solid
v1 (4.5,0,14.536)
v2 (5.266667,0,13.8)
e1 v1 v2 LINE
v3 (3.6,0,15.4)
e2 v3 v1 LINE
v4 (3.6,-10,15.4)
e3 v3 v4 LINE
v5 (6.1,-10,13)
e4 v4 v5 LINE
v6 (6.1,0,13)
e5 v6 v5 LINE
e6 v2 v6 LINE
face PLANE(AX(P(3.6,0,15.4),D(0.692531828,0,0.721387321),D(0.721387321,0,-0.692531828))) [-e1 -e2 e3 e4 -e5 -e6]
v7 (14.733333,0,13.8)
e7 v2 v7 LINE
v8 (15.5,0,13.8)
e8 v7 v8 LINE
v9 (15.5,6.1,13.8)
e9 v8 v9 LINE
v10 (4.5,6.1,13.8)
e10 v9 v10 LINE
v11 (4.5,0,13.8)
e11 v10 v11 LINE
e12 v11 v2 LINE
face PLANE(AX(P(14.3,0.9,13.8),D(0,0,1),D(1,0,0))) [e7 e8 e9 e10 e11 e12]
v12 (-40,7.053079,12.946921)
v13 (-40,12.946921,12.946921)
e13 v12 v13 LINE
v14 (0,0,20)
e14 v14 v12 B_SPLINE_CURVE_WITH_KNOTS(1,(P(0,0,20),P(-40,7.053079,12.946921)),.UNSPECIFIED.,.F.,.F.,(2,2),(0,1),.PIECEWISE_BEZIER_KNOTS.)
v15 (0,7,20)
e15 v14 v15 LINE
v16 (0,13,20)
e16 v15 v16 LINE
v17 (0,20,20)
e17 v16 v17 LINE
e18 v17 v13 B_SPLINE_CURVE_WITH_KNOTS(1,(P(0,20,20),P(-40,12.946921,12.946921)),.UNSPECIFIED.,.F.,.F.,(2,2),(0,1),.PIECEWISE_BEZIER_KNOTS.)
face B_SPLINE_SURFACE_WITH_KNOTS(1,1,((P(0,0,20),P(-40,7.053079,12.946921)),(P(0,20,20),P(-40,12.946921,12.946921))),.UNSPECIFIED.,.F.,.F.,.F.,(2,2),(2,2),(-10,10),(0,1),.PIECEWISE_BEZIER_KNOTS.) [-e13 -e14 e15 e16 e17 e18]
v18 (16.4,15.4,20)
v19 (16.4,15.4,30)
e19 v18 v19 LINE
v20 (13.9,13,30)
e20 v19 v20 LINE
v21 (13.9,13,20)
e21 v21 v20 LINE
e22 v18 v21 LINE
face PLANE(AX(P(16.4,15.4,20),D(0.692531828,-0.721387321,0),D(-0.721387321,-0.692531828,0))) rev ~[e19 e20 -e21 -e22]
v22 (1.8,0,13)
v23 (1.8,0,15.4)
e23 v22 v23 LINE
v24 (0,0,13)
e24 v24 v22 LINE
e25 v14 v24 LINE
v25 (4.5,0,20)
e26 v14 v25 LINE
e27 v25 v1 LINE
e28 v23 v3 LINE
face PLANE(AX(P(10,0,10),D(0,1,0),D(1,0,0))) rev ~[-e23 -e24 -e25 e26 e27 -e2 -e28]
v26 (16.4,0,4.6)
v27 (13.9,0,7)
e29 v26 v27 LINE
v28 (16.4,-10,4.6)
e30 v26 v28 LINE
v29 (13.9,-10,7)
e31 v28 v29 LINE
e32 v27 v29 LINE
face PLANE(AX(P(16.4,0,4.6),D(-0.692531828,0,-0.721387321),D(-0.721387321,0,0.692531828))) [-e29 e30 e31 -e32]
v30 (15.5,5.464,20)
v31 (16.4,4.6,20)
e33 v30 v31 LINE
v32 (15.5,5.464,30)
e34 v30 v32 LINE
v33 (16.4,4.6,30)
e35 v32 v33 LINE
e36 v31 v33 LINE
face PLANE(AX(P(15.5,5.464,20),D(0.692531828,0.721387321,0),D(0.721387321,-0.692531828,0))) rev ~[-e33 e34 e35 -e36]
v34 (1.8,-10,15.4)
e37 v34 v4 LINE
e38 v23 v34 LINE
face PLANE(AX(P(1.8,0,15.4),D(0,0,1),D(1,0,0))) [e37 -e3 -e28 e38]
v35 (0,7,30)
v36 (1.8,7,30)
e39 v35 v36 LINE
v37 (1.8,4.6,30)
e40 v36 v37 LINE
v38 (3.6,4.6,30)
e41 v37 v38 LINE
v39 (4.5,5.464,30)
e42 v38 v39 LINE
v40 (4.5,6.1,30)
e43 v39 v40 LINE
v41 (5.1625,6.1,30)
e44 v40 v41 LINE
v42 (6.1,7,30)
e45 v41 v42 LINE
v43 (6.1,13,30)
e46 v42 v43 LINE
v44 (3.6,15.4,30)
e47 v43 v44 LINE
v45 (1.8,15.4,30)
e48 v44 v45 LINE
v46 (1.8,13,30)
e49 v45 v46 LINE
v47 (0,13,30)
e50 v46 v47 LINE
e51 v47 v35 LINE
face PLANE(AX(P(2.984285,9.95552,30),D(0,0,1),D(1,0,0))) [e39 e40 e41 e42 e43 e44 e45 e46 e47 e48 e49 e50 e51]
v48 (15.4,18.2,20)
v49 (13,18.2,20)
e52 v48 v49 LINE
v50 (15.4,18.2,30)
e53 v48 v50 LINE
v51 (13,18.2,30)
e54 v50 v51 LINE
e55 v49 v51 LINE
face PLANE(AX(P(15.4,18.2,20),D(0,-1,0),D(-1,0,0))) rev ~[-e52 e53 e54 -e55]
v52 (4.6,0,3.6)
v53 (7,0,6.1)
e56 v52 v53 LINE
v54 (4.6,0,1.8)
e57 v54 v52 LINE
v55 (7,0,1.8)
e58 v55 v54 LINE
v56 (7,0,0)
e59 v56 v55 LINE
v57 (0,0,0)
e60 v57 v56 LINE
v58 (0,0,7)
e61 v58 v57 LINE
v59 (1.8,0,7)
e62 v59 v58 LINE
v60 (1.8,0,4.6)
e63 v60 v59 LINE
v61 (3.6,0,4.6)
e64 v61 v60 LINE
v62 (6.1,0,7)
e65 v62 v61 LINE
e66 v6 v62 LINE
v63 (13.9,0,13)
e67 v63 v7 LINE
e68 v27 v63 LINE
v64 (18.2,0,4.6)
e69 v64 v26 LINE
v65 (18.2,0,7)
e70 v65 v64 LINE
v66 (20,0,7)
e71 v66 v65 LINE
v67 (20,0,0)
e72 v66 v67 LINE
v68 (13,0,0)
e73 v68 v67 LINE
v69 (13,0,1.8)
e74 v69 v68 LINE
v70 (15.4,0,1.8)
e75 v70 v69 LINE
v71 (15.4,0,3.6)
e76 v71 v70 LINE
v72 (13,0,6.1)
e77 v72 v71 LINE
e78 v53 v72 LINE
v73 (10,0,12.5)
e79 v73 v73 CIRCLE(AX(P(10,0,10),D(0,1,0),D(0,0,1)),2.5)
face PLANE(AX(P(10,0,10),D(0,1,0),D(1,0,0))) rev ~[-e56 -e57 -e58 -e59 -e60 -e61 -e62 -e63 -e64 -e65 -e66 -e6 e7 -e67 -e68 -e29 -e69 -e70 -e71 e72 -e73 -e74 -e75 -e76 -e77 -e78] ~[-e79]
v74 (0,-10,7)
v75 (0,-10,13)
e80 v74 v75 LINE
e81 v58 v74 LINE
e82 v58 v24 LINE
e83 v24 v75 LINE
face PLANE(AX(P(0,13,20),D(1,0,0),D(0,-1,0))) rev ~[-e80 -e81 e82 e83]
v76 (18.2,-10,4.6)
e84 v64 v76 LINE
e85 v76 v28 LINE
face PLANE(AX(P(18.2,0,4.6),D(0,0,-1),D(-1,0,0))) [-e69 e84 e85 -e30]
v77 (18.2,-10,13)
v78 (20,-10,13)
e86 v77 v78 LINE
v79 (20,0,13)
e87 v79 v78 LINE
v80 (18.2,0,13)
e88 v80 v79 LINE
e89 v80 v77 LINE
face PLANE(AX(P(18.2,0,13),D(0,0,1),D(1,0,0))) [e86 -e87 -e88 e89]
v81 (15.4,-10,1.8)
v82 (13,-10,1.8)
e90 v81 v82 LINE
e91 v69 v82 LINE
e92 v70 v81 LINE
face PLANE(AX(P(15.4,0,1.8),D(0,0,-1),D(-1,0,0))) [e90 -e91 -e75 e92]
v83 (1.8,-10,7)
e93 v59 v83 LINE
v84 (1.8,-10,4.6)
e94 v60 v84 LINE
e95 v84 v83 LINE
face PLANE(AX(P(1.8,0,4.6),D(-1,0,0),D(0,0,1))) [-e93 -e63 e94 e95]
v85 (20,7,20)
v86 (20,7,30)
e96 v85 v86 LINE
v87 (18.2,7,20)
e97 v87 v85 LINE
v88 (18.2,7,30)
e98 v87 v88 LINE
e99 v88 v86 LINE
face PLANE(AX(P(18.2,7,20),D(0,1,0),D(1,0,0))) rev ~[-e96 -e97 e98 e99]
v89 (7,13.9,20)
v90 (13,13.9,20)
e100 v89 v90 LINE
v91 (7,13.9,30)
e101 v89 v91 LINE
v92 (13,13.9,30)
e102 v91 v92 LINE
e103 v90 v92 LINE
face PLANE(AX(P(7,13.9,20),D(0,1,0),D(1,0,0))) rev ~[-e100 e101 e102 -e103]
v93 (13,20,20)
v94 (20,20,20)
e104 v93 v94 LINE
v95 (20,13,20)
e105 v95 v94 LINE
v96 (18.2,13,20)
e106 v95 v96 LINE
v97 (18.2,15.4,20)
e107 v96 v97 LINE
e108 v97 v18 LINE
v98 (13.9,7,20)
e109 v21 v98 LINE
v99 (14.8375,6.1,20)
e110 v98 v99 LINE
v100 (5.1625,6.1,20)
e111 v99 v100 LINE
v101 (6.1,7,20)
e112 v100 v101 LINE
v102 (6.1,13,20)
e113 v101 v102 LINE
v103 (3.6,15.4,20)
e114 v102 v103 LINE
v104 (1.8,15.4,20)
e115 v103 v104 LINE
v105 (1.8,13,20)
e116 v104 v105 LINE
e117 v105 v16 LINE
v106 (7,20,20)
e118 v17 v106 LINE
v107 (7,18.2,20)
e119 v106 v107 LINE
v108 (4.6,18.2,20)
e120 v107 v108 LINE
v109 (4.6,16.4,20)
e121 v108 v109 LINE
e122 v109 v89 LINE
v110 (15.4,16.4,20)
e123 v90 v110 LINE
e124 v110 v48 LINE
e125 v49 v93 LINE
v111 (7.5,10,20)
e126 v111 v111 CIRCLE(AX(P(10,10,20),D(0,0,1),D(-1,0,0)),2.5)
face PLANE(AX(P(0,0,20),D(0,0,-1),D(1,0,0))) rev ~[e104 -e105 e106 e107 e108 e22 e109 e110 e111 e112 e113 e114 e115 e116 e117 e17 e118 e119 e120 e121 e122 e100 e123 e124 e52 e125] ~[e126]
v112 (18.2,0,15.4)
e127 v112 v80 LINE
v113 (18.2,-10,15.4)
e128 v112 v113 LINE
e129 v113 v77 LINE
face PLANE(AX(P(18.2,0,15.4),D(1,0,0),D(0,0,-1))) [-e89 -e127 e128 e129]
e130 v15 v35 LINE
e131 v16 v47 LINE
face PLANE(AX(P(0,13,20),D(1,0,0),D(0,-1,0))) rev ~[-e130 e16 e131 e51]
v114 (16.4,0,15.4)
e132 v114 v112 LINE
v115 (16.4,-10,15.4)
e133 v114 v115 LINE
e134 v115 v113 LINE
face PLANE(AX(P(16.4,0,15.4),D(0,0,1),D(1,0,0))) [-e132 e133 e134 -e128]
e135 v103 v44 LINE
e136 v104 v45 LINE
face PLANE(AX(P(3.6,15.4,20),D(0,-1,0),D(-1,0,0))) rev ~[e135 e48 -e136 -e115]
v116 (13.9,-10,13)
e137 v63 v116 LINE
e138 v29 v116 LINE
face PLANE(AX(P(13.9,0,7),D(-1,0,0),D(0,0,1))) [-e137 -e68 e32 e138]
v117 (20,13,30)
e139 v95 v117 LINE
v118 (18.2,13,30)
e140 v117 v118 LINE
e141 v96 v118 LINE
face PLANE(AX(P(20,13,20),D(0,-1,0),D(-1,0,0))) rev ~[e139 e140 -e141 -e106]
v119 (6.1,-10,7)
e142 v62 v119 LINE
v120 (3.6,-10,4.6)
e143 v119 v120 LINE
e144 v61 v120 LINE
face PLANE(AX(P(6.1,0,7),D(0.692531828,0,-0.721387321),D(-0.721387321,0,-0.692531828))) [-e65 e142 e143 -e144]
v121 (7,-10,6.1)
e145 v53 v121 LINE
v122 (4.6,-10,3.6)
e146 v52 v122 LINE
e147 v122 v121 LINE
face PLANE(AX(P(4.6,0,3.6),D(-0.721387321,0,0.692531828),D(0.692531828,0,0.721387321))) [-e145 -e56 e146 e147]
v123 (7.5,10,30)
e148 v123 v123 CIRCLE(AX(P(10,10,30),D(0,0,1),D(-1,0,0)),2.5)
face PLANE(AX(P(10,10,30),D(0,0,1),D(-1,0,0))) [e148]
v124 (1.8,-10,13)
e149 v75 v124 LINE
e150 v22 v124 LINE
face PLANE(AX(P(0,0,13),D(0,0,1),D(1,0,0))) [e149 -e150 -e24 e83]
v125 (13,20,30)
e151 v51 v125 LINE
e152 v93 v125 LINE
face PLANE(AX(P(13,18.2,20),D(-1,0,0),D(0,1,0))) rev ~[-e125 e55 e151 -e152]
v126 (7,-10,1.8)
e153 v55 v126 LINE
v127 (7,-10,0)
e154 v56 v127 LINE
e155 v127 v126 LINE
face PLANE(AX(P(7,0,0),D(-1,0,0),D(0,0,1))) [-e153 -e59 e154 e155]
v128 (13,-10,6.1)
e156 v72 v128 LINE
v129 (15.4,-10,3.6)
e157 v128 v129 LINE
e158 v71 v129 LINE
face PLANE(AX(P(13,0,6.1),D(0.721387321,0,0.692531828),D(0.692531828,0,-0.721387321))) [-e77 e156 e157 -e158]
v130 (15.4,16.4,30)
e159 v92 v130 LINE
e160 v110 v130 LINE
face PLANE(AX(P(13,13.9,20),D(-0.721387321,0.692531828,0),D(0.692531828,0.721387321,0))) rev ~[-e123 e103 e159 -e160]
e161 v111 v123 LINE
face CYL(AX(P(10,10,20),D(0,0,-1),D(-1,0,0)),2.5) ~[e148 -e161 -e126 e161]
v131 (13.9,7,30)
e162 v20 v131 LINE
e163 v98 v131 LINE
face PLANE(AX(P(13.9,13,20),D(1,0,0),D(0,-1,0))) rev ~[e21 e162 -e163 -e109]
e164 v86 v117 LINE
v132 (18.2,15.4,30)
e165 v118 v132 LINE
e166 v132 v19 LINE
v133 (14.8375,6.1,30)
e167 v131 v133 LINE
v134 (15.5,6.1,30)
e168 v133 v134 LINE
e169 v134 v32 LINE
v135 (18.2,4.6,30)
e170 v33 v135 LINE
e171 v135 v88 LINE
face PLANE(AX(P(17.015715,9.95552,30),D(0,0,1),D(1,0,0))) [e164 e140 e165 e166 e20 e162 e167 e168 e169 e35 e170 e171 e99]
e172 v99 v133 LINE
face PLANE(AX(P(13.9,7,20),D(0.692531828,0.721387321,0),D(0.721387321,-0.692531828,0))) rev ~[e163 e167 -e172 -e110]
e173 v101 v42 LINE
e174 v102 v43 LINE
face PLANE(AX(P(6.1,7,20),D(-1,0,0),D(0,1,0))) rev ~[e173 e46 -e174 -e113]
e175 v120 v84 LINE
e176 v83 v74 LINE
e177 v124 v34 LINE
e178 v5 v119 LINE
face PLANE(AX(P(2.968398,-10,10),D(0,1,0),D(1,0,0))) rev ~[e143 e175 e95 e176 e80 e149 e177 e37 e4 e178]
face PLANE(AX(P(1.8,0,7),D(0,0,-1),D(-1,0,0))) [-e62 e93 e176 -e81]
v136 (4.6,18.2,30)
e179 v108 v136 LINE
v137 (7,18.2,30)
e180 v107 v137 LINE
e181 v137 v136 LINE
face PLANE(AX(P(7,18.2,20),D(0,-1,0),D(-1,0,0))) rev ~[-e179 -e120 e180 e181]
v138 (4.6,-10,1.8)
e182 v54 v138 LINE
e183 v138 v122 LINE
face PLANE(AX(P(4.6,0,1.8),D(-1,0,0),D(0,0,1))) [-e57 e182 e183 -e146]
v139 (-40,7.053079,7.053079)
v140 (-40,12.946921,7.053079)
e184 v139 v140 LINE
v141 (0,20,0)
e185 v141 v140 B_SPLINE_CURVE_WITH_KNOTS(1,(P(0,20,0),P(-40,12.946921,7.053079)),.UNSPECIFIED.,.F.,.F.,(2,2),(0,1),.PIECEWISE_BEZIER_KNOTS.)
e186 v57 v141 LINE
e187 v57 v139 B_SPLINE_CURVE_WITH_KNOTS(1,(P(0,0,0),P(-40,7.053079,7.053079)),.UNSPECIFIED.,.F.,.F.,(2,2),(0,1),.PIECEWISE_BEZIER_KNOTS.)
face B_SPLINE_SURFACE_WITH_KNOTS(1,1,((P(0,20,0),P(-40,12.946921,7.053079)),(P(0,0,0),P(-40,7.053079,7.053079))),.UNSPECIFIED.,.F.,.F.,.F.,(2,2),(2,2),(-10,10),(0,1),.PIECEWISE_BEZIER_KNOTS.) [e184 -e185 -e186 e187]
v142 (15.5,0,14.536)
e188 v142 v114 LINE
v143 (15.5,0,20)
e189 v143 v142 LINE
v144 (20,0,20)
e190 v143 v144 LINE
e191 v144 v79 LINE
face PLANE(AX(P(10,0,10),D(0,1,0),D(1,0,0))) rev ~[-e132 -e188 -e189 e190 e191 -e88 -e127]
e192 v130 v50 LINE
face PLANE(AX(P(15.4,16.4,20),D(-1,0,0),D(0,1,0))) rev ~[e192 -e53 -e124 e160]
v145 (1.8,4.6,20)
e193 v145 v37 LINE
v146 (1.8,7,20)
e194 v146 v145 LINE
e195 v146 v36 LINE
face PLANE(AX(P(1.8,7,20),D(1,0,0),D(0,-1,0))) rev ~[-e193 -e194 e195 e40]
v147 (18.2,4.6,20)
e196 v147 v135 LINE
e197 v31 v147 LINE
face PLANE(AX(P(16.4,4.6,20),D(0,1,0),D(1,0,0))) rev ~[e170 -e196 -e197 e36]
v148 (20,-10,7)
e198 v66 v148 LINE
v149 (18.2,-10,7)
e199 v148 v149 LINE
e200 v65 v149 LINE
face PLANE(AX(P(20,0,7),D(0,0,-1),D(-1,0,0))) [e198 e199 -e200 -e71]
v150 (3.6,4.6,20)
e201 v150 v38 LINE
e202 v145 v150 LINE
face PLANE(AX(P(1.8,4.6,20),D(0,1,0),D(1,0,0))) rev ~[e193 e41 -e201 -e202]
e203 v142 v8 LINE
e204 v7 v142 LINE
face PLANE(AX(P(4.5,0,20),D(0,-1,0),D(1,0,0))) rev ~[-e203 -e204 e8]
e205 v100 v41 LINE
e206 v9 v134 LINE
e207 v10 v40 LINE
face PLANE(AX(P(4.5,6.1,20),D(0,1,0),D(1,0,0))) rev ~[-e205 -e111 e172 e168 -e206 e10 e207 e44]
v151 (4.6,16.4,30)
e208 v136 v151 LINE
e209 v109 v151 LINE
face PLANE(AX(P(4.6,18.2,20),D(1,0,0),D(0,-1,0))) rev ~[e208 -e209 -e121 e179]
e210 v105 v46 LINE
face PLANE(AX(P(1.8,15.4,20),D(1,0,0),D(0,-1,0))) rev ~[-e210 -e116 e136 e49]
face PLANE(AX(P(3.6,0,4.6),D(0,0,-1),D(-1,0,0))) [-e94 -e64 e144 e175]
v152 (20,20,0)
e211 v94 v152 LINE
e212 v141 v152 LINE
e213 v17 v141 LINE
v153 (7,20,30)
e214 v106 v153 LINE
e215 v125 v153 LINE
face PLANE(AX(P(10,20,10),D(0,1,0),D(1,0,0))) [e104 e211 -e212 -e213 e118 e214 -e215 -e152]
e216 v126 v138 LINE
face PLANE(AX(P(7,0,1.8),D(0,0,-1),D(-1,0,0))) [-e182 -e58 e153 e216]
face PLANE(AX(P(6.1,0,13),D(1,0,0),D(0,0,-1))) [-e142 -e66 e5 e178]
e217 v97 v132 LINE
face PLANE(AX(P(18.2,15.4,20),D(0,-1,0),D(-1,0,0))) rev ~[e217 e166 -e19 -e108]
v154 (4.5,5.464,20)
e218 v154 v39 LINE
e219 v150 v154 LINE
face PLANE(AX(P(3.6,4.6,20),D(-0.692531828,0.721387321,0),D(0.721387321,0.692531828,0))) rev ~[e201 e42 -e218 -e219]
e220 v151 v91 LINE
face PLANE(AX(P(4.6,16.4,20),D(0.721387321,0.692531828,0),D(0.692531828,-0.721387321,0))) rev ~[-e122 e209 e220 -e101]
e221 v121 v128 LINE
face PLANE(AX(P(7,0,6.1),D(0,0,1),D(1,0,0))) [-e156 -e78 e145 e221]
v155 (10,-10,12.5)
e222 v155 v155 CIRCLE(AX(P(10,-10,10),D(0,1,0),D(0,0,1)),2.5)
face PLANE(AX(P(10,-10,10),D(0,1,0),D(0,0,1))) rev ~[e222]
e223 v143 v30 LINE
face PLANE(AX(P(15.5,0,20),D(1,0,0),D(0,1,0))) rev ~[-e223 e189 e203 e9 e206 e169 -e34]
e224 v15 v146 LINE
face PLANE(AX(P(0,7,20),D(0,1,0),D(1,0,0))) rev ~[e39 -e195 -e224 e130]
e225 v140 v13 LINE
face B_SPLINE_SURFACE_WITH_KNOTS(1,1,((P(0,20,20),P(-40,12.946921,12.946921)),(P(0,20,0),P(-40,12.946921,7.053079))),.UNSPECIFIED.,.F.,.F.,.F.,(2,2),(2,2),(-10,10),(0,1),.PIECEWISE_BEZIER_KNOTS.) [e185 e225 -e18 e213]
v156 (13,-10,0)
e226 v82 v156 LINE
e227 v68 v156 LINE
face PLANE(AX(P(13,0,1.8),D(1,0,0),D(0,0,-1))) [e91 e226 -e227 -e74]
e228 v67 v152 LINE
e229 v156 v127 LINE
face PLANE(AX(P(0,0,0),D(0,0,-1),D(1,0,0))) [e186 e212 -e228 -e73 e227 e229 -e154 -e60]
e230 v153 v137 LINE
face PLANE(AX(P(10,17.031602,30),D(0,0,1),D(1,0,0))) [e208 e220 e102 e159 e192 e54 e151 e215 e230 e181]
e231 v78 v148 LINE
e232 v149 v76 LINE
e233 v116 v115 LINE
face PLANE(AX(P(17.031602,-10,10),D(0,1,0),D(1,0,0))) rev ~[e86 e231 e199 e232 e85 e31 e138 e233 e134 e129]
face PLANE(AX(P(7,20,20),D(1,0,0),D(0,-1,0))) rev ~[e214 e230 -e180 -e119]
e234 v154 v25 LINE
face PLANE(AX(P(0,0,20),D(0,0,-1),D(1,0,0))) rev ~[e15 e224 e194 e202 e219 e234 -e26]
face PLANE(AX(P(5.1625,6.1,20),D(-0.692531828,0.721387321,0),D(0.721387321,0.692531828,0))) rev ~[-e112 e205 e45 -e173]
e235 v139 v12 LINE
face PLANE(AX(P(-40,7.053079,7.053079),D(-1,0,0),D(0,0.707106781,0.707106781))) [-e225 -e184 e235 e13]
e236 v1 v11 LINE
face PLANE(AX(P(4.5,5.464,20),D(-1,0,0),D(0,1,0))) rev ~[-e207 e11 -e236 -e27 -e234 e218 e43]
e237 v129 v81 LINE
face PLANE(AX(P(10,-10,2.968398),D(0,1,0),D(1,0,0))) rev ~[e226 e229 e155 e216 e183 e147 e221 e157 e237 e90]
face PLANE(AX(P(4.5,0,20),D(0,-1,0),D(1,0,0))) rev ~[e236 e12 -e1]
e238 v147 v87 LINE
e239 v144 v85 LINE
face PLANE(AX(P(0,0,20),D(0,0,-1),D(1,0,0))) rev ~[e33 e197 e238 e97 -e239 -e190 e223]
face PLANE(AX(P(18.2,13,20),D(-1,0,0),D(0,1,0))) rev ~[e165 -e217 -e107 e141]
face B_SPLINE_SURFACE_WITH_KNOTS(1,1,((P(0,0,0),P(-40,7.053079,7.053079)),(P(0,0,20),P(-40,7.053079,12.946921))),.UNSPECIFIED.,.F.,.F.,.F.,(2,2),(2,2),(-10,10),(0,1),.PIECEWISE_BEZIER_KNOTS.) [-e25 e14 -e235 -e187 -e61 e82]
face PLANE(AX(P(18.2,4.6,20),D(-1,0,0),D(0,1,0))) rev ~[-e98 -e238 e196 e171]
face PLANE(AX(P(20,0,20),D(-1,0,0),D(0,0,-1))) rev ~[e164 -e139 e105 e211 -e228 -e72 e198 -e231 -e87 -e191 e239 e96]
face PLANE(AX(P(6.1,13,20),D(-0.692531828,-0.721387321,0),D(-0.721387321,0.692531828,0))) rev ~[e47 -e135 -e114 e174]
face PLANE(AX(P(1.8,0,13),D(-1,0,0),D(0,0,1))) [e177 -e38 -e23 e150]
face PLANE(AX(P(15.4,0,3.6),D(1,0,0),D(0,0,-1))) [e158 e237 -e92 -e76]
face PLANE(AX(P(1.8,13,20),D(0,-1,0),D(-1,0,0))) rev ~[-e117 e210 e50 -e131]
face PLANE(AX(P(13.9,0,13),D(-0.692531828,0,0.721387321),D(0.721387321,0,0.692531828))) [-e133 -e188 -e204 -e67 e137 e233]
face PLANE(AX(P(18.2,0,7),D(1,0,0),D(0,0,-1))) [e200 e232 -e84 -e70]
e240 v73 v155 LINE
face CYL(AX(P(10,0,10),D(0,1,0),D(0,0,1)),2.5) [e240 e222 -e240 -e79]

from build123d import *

# Parameters (mm, degrees)
SKETCH1_W           = 20
SKETCH1_H           = 20
BOSS_EXTRUDE1_DEPTH = 20
SKETCH1_4_R         = 2.5
BOSS_EXTRUDE3_DEPTH = 10
SKETCH5_W           = 2.4
SKETCH5_H           = 1.8
CUT_EXTRUDE1_DEPTH  = 6.2
SKETCH8_R           = 2.5
BOSS_EXTRUDE4_DEPTH = 10
SKETCH10_W          = 20
SKETCH10_H          = 20
BOSS_EXTRUDE5_DEPTH = 40
BOSS_EXTRUDE5_TAPER = 10


with BuildPart() as part:
    # Sketch1 → Boss-Extrude1 (new body)
    with BuildSketch(Plane(origin=(0, 0, 0), x_dir=(1, 0, 0), z_dir=(0, 1, 0))):
        with Locations((10, -10)):
            Rectangle(SKETCH1_W, SKETCH1_H)
    extrude(amount=BOSS_EXTRUDE1_DEPTH)

    # Sketch1<4> → Boss-Extrude3 (add)
    with BuildSketch(Plane(origin=(0, 0, 0), x_dir=(1, 0, 0), z_dir=(0, 1, 0))):
        Polygon((13, 0), (7, 0), (7, -1.8), (4.6, -1.8), (4.6, -3.6), (7, -6.1), (13, -6.1), (15.4, -3.6), (15.4, -1.8), (13, -1.8), align=None)
        Polygon((0, -7), (0, -13), (1.8, -13), (1.8, -15.4), (3.6, -15.4), (6.1, -13), (6.1, -7), (3.6, -4.6), (1.8, -4.6), (1.8, -7), align=None)
        Polygon((20, -7), (18.2, -7), (18.2, -4.6), (16.4, -4.6), (13.9, -7), (13.9, -13), (16.4, -15.4), (18.2, -15.4), (18.2, -13), (20, -13), align=None)
        with Locations(Location((10, -10, 0), (0, 0, 270))):
            Circle(SKETCH1_4_R)
    extrude(amount=-BOSS_EXTRUDE3_DEPTH)

    # Sketch5 → Cut-Extrude1 (cut)
    with BuildSketch(Plane.XY.offset(20)):
        with Locations((14.3, 0.9)):
            Rectangle(SKETCH5_W, SKETCH5_H)
        with Locations((5.7, 0.9)):
            Rectangle(SKETCH5_W, SKETCH5_H)
        Polygon((6.9, 6.1), (4.5, 3.6), (4.5, 1.8), (6.9, 1.8), (6.9, 0), (13.1, 0), (13.1, 1.8), (15.5, 1.8), (15.5, 3.6), (13.1, 6.1), align=None)
        Polygon((4.5, 5.364), (4.5, 3.6), (6.9, 6.1), (5.266666667, 6.1), align=None)
        Polygon((14.733333333, 6.1), (13.1, 6.1), (15.5, 3.6), (15.5, 5.364), align=None)
        Polygon((15.5, 6.1), (14.733333333, 6.1), (15.5, 5.364), align=None)
        Polygon((4.5, 6.1), (4.5, 5.364), (5.266666667, 6.1), align=None)
    extrude(amount=-CUT_EXTRUDE1_DEPTH, mode=Mode.SUBTRACT)

    # Sketch8 → Boss-Extrude4 (add)
    with BuildSketch(Plane.XY.offset(20)):
        Polygon((13, 20), (7, 20), (7, 18.2), (4.6, 18.2), (4.6, 16.4), (7, 13.9), (13, 13.9), (15.4, 16.4), (15.4, 18.2), (13, 18.2), align=None)
        Polygon((0, 13), (0, 7), (1.8, 7), (1.8, 4.6), (3.6, 4.6), (4.5, 5.464), (4.5, 6.1), (5.1625, 6.1), (6.1, 7), (6.1, 13), (3.6, 15.4), (1.8, 15.4), (1.8, 13), align=None)
        Polygon((20, 13), (18.2, 13), (18.2, 15.4), (16.4, 15.4), (13.9, 13), (13.9, 7), (14.8375, 6.1), (15.5, 6.1), (15.5, 5.464), (16.4, 4.6), (18.2, 4.6), (18.2, 7), (20, 7), align=None)
        with Locations(Location((10, 10, 0), (0, 0, 180))):
            Circle(SKETCH8_R)
    extrude(amount=BOSS_EXTRUDE4_DEPTH)

    # Sketch10 → Boss-Extrude5 (add)
    with BuildSketch(Plane.ZY):
        with Locations((10, 10)):
            Rectangle(SKETCH10_W, SKETCH10_H)
    extrude(amount=BOSS_EXTRUDE5_DEPTH, taper=BOSS_EXTRUDE5_TAPER)


solid = part.part
